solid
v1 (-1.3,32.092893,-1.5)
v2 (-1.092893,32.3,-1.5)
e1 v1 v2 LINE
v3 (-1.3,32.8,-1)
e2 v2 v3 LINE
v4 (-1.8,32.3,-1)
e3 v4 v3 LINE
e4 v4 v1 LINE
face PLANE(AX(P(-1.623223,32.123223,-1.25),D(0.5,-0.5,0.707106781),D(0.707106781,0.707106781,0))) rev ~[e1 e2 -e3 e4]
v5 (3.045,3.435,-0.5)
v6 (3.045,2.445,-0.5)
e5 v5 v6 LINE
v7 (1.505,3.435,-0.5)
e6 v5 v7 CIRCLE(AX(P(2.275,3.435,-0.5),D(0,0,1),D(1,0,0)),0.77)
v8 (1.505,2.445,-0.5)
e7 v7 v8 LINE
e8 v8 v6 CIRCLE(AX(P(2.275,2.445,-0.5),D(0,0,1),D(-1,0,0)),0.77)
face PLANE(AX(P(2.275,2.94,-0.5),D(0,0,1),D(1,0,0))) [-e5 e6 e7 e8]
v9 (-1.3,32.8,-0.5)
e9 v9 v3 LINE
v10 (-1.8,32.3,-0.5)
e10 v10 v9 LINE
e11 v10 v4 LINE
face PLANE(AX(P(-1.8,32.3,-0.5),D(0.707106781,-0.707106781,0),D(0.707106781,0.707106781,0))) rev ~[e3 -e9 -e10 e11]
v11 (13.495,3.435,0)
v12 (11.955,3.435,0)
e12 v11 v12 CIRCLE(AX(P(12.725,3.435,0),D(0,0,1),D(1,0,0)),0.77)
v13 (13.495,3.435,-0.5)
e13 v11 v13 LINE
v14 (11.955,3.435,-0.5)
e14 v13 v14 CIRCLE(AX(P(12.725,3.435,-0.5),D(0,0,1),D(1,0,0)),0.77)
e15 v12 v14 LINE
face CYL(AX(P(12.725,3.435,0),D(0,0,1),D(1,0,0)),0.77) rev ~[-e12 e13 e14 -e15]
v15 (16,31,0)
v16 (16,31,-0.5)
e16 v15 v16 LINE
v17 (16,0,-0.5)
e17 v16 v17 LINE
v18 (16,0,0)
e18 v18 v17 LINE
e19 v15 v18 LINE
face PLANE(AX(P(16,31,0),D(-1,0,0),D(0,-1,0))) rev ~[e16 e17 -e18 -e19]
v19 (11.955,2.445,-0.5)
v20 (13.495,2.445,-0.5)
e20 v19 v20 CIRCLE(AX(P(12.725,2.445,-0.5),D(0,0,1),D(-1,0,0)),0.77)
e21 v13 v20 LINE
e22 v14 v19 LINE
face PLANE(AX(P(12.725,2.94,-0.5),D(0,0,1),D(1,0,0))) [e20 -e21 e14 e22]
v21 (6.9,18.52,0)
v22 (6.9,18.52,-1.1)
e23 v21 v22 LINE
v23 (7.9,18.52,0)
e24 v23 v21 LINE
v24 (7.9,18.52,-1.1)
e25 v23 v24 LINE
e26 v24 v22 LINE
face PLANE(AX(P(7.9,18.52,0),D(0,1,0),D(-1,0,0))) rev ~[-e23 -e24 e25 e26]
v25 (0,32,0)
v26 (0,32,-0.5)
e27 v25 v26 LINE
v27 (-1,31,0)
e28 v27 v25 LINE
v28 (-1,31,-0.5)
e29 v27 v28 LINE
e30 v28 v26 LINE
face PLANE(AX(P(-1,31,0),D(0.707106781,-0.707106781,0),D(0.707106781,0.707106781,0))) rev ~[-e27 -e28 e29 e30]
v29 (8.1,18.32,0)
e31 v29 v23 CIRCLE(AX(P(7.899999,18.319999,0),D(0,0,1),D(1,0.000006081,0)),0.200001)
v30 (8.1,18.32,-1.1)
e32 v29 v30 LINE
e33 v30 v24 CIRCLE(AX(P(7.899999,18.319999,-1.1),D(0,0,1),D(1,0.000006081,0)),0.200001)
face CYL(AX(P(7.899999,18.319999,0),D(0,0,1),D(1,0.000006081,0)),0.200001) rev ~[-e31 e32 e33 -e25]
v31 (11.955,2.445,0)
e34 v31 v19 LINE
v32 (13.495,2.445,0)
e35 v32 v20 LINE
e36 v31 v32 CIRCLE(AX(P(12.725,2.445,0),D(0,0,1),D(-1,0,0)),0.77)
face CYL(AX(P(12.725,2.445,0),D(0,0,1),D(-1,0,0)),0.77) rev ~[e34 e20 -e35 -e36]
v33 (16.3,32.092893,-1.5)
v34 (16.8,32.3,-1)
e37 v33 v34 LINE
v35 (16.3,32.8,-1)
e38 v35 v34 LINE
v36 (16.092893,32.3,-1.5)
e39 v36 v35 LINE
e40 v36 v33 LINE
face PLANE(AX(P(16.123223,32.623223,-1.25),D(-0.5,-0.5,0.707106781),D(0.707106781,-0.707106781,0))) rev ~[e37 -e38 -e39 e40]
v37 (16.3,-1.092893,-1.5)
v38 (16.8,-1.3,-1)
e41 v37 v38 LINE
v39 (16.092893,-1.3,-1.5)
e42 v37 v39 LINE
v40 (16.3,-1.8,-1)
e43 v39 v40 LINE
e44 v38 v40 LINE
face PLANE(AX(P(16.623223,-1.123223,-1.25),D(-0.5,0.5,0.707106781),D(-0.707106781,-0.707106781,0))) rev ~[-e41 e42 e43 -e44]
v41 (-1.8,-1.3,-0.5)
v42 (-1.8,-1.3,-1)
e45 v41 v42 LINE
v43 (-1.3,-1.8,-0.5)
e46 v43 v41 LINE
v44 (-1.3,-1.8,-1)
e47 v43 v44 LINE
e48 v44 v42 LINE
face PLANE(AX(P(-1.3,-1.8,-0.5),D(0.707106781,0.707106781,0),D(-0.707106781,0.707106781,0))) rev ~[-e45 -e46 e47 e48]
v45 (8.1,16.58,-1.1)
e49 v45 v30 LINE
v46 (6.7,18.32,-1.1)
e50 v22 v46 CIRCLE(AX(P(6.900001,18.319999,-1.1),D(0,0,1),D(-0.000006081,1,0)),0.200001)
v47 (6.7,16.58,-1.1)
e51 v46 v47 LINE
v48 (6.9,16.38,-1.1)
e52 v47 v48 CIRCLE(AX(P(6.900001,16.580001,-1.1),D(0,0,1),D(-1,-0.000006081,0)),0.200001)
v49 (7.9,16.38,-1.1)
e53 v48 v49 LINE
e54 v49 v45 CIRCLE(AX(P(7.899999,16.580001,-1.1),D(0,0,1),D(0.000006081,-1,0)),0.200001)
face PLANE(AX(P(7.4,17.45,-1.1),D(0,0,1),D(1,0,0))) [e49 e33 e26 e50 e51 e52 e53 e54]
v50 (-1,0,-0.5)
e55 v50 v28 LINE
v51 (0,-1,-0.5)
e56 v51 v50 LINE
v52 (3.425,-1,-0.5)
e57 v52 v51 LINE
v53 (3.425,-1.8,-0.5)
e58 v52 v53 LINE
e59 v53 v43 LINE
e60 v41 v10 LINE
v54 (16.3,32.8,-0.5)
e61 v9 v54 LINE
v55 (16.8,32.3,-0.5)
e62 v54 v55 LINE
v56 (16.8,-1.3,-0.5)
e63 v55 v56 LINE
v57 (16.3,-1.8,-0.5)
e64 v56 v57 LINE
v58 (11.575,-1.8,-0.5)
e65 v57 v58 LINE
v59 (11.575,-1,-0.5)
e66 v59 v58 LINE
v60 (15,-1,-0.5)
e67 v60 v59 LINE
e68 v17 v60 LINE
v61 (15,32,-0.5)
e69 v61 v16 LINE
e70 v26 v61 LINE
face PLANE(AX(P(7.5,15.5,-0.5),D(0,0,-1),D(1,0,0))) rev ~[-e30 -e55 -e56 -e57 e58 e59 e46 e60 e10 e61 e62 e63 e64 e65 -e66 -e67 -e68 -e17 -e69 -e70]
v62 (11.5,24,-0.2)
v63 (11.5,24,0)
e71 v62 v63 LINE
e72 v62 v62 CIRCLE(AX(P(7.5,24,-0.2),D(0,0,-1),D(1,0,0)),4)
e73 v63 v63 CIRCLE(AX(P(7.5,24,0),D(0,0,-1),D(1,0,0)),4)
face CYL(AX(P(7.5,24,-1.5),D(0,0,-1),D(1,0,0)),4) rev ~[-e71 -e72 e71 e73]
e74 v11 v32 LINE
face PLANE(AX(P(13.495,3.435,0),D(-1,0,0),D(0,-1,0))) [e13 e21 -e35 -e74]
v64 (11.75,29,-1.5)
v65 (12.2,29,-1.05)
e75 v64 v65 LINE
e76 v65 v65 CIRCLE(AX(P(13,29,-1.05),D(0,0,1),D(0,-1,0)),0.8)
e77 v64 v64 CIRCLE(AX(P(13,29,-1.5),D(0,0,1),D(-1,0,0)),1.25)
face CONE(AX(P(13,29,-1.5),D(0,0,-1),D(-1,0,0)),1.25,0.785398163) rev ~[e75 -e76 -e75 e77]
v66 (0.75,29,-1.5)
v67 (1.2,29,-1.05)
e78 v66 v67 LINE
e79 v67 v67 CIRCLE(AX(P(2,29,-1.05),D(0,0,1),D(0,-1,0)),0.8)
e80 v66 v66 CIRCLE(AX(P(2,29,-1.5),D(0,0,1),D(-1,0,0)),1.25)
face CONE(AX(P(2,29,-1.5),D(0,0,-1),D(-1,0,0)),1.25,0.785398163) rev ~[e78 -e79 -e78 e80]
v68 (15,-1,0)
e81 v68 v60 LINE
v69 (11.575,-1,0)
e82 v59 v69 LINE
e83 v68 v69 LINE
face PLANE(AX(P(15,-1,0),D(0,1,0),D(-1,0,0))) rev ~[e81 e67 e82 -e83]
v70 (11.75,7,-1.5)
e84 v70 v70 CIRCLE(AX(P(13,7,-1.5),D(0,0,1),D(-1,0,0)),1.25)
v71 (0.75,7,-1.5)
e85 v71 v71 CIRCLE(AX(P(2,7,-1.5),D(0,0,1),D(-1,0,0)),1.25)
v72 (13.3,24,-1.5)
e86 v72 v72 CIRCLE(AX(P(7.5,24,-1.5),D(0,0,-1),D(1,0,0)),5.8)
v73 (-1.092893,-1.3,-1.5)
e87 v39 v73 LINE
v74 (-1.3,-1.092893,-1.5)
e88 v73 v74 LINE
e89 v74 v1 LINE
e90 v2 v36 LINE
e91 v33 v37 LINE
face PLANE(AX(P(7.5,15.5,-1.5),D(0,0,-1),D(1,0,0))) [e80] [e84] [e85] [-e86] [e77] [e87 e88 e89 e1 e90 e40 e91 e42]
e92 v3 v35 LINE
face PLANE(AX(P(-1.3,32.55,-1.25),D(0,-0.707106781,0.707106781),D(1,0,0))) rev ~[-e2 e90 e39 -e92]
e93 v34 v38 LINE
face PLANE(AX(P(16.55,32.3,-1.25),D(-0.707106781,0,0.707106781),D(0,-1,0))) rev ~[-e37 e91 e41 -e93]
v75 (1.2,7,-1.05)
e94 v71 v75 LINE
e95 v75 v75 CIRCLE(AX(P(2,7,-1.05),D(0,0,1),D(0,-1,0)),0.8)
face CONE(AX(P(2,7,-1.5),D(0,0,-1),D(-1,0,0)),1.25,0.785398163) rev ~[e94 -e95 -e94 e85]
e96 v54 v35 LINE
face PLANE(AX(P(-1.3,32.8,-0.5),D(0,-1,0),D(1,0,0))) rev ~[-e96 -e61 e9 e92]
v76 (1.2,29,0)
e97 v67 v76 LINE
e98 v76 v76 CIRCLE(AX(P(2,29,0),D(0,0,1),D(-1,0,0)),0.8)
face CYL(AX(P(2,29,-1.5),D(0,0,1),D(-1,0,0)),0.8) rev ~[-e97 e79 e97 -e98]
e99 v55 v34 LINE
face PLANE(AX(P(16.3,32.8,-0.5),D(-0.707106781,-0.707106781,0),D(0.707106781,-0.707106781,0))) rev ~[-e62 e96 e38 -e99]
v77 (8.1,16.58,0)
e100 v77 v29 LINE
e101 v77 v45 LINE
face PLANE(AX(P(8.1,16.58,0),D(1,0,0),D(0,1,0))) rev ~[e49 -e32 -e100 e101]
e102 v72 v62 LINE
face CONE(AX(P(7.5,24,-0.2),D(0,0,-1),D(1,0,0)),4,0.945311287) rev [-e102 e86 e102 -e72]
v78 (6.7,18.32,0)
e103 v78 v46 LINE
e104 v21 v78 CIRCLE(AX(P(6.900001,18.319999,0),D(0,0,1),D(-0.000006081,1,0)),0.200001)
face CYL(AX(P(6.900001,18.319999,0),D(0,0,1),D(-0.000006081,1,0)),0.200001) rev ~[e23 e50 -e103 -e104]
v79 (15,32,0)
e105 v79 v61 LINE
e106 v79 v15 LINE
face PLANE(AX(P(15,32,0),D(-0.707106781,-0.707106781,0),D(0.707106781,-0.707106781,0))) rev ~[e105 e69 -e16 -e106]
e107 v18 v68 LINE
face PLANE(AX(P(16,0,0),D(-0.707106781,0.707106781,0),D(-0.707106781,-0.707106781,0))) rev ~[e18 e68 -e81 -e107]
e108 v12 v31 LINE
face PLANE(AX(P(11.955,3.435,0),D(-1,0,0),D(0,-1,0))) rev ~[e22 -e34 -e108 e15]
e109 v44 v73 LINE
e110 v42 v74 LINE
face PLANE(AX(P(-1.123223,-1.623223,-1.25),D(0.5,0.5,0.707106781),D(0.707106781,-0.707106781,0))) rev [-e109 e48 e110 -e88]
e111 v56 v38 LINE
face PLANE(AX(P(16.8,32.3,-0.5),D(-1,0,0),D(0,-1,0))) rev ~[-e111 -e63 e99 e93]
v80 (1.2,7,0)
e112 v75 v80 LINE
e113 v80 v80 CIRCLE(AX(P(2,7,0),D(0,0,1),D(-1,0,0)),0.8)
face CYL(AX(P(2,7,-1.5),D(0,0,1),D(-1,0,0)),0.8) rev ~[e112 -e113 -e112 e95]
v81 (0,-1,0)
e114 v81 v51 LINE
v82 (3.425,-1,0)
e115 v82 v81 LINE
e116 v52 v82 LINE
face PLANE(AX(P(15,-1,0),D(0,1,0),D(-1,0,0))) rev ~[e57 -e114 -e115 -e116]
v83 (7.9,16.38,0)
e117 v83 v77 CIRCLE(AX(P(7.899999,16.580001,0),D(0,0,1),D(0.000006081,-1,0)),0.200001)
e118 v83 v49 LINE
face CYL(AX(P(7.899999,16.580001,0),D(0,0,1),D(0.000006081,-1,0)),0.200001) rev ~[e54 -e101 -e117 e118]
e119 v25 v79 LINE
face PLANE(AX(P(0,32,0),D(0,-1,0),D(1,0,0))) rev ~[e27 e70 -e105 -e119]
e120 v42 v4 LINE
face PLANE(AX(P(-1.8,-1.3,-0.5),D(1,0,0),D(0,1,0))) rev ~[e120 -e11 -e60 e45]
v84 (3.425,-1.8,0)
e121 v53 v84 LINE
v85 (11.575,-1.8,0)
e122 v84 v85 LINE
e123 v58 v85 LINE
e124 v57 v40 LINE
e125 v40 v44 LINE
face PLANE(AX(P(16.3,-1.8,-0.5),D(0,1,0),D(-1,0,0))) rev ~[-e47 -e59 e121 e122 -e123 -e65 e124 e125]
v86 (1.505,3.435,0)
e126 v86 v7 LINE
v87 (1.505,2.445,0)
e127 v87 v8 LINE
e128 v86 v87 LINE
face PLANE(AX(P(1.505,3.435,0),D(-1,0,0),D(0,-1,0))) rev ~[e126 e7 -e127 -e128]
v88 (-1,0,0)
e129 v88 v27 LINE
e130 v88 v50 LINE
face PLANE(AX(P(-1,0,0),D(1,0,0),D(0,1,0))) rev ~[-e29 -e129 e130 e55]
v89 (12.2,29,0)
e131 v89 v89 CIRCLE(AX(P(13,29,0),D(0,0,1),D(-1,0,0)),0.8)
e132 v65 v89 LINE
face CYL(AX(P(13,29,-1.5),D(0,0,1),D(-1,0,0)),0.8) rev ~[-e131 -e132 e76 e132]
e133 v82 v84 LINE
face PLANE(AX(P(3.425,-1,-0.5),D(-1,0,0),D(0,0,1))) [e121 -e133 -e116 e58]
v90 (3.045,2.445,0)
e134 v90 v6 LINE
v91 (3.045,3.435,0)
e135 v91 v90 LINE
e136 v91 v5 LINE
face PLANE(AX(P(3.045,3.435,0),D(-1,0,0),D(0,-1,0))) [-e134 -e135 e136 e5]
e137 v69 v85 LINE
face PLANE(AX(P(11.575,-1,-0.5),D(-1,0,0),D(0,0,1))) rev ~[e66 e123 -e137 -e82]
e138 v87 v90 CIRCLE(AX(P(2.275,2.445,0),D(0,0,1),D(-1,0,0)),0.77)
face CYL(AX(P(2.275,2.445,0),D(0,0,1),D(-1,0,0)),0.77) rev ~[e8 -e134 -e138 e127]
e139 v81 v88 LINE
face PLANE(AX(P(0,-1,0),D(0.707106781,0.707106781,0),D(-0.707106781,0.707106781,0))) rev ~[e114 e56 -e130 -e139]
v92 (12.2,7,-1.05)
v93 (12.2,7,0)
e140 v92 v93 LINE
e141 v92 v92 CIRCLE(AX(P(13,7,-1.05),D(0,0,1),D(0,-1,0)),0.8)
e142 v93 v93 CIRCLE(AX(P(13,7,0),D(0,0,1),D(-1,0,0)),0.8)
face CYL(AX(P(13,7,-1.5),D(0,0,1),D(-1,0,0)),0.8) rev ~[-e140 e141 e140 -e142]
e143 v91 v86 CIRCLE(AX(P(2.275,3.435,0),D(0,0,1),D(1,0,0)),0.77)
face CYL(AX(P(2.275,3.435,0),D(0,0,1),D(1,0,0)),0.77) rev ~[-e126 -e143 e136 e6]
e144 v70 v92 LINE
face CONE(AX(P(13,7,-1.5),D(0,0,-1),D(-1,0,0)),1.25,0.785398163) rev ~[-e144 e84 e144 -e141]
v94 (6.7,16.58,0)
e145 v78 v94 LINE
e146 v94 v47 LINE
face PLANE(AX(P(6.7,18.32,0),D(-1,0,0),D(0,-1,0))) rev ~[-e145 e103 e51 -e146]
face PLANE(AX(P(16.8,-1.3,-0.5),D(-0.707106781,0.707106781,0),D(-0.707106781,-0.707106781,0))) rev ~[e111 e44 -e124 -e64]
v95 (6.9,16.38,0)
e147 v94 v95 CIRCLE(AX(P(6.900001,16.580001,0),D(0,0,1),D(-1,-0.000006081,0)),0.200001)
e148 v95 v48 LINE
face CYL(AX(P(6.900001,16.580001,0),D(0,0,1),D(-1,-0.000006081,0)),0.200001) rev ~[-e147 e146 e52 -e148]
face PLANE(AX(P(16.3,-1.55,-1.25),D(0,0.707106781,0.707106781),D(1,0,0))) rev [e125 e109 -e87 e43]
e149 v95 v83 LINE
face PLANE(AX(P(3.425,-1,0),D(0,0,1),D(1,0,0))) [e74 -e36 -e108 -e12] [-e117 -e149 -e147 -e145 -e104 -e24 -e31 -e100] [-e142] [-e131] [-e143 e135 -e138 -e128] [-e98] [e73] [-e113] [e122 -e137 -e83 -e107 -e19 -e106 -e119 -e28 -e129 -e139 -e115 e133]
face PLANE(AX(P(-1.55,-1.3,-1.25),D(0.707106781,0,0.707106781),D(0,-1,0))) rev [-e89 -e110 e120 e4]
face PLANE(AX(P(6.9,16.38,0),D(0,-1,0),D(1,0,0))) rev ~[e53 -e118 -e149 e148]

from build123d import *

# Parameters (mm, degrees)
PAD007_DEPTH     = 0.5
PAD008_DEPTH     = 1
SKETCH013_W      = 8.15
SKETCH013_H      = 0.5
PAD009_DEPTH     = 0.8
CHAMFER002_SIZE  = 0.5
HOLE_D           = 1.6
HOLE_DEPTH       = 25
HOLE_CSINK_D     = 2.5
HOLE_CSINK_ANGLE = 90
POCKET003_DEPTH  = 1.1
SKETCH016_R      = 4
POCKET004_DEPTH  = 5
POCKET005_DEPTH  = 0.5
CHAMFER006_SIZE2 = 1.3
CHAMFER006_SIZE  = 1.8


with BuildPart() as part:
    # Sketch011 (on Face14 of Binder001) → Pad007 (new body)
    with BuildSketch(Plane(origin=(0, 0, 0), x_dir=(1, 0, 0), z_dir=(0, 0, -1))):
        Polygon((16, -31), (16, 0), (15, 1), (0, 1), (-1, 0), (-1, -31), (0, -32), (15, -32), align=None)
    extrude(amount=PAD007_DEPTH)

    # Sketch012 (on Face10 of Pad007) → Pad008 (join)
    with BuildSketch(Plane(origin=(0, 0, -0.5), x_dir=(1, 0, 0), z_dir=(0, 0, -1))):
        Polygon((-1.3, 1.8), (-1.8, 1.3), (-1.8, -32.3), (-1.3, -32.8), (16.3, -32.8), (16.8, -32.3), (16.8, 1.3), (16.3, 1.8), align=None)
    extrude(amount=PAD008_DEPTH)

    # Sketch013 (on Face7 of Pad008) → Pad009 (join)
    with BuildSketch(Plane.XZ.offset(1)):
        with Locations((7.5, -0.25)):
            Rectangle(SKETCH013_W, SKETCH013_H)
    extrude(amount=PAD009_DEPTH)

    # Chamfer002
    chamfer002_edges = [part.edges().sort_by_distance(p)[0] for p in [
        (-1.55, -1.55, -1.5),
        (-1.8, 15.5, -1.5),
        (-1.55, 32.55, -1.5),
        (7.5, 32.8, -1.5),
        (16.55, 32.55, -1.5),
        (16.8, 15.5, -1.5),
        (16.55, -1.55, -1.5),
        (7.5, -1.8, -1.5),
    ]]
    chamfer(chamfer002_edges, length=CHAMFER002_SIZE)

    # Hole
    with Locations(Plane(origin=(0, 0, -1.5), x_dir=(1, 0, 0), z_dir=(0, 0, -1))):
        with Locations((2, -7), (13, -7), (2, -29), (13, -29)):
            CounterSinkHole(HOLE_D / 2, HOLE_CSINK_D / 2, depth=HOLE_DEPTH, counter_sink_angle=HOLE_CSINK_ANGLE)

    # Sketch015 (on Face9 of Hole) → Pocket003 (cut)
    with BuildSketch(Plane.XY):
        with BuildLine():
            Line((8.1, 16.58), (8.1, 18.32))
            ThreePointArc((8.1, 18.32), (8.041421, 18.461421), (7.9, 18.52))
            Line((7.9, 18.52), (6.9, 18.52))
            ThreePointArc((6.9, 18.52), (6.758579, 18.461421), (6.7, 18.32))
            Line((6.7, 18.32), (6.7, 16.58))
            ThreePointArc((6.7, 16.58), (6.758579, 16.438579), (6.9, 16.38))
            Line((6.9, 16.38), (7.9, 16.38))
            ThreePointArc((7.9, 16.38), (8.041421, 16.438579), (8.1, 16.58))
        make_face()
    extrude(amount=-POCKET003_DEPTH, mode=Mode.SUBTRACT)

    # Sketch016 (on Face11 of Pocket003) → Pocket004 (cut)
    with BuildSketch(Plane(origin=(0, 0, -1.5), x_dir=(1, 0, 0), z_dir=(0, 0, -1))):
        with Locations((7.5, -24)):
            Circle(SKETCH016_R)
    extrude(amount=-POCKET004_DEPTH, mode=Mode.SUBTRACT)

    # Sketch017 → Pocket005 (cut)
    with BuildSketch(Plane.XY):
        with BuildLine():
            ThreePointArc((3.045, 3.435), (2.275, 4.205), (1.505, 3.435))
            Line((1.505, 3.435), (1.505, 2.445))
            ThreePointArc((1.505, 2.445), (2.275, 1.675), (3.045, 2.445))
            Line((3.045, 3.435), (3.045, 2.445))
        make_face()
        with BuildLine():
            ThreePointArc((13.495, 3.435), (12.725, 4.205), (11.955, 3.435))
            Line((11.955, 3.435), (11.955, 2.445))
            ThreePointArc((11.955, 2.445), (12.725, 1.675), (13.495, 2.445))
            Line((13.495, 3.435), (13.495, 2.445))
        make_face()
    extrude(amount=-POCKET005_DEPTH, mode=Mode.SUBTRACT)

    # Chamfer006
    chamfer006_edges = [part.edges().sort_by_distance(p)[0] for p in [
        (3.5, 24, -1.5),
    ]]
    chamfer006_side = part.faces().sort_by_distance((7.5, 14.586368, -1.5))[0]
    chamfer(chamfer006_edges, length=CHAMFER006_SIZE, length2=CHAMFER006_SIZE2, reference=chamfer006_side)


solid = part.part
